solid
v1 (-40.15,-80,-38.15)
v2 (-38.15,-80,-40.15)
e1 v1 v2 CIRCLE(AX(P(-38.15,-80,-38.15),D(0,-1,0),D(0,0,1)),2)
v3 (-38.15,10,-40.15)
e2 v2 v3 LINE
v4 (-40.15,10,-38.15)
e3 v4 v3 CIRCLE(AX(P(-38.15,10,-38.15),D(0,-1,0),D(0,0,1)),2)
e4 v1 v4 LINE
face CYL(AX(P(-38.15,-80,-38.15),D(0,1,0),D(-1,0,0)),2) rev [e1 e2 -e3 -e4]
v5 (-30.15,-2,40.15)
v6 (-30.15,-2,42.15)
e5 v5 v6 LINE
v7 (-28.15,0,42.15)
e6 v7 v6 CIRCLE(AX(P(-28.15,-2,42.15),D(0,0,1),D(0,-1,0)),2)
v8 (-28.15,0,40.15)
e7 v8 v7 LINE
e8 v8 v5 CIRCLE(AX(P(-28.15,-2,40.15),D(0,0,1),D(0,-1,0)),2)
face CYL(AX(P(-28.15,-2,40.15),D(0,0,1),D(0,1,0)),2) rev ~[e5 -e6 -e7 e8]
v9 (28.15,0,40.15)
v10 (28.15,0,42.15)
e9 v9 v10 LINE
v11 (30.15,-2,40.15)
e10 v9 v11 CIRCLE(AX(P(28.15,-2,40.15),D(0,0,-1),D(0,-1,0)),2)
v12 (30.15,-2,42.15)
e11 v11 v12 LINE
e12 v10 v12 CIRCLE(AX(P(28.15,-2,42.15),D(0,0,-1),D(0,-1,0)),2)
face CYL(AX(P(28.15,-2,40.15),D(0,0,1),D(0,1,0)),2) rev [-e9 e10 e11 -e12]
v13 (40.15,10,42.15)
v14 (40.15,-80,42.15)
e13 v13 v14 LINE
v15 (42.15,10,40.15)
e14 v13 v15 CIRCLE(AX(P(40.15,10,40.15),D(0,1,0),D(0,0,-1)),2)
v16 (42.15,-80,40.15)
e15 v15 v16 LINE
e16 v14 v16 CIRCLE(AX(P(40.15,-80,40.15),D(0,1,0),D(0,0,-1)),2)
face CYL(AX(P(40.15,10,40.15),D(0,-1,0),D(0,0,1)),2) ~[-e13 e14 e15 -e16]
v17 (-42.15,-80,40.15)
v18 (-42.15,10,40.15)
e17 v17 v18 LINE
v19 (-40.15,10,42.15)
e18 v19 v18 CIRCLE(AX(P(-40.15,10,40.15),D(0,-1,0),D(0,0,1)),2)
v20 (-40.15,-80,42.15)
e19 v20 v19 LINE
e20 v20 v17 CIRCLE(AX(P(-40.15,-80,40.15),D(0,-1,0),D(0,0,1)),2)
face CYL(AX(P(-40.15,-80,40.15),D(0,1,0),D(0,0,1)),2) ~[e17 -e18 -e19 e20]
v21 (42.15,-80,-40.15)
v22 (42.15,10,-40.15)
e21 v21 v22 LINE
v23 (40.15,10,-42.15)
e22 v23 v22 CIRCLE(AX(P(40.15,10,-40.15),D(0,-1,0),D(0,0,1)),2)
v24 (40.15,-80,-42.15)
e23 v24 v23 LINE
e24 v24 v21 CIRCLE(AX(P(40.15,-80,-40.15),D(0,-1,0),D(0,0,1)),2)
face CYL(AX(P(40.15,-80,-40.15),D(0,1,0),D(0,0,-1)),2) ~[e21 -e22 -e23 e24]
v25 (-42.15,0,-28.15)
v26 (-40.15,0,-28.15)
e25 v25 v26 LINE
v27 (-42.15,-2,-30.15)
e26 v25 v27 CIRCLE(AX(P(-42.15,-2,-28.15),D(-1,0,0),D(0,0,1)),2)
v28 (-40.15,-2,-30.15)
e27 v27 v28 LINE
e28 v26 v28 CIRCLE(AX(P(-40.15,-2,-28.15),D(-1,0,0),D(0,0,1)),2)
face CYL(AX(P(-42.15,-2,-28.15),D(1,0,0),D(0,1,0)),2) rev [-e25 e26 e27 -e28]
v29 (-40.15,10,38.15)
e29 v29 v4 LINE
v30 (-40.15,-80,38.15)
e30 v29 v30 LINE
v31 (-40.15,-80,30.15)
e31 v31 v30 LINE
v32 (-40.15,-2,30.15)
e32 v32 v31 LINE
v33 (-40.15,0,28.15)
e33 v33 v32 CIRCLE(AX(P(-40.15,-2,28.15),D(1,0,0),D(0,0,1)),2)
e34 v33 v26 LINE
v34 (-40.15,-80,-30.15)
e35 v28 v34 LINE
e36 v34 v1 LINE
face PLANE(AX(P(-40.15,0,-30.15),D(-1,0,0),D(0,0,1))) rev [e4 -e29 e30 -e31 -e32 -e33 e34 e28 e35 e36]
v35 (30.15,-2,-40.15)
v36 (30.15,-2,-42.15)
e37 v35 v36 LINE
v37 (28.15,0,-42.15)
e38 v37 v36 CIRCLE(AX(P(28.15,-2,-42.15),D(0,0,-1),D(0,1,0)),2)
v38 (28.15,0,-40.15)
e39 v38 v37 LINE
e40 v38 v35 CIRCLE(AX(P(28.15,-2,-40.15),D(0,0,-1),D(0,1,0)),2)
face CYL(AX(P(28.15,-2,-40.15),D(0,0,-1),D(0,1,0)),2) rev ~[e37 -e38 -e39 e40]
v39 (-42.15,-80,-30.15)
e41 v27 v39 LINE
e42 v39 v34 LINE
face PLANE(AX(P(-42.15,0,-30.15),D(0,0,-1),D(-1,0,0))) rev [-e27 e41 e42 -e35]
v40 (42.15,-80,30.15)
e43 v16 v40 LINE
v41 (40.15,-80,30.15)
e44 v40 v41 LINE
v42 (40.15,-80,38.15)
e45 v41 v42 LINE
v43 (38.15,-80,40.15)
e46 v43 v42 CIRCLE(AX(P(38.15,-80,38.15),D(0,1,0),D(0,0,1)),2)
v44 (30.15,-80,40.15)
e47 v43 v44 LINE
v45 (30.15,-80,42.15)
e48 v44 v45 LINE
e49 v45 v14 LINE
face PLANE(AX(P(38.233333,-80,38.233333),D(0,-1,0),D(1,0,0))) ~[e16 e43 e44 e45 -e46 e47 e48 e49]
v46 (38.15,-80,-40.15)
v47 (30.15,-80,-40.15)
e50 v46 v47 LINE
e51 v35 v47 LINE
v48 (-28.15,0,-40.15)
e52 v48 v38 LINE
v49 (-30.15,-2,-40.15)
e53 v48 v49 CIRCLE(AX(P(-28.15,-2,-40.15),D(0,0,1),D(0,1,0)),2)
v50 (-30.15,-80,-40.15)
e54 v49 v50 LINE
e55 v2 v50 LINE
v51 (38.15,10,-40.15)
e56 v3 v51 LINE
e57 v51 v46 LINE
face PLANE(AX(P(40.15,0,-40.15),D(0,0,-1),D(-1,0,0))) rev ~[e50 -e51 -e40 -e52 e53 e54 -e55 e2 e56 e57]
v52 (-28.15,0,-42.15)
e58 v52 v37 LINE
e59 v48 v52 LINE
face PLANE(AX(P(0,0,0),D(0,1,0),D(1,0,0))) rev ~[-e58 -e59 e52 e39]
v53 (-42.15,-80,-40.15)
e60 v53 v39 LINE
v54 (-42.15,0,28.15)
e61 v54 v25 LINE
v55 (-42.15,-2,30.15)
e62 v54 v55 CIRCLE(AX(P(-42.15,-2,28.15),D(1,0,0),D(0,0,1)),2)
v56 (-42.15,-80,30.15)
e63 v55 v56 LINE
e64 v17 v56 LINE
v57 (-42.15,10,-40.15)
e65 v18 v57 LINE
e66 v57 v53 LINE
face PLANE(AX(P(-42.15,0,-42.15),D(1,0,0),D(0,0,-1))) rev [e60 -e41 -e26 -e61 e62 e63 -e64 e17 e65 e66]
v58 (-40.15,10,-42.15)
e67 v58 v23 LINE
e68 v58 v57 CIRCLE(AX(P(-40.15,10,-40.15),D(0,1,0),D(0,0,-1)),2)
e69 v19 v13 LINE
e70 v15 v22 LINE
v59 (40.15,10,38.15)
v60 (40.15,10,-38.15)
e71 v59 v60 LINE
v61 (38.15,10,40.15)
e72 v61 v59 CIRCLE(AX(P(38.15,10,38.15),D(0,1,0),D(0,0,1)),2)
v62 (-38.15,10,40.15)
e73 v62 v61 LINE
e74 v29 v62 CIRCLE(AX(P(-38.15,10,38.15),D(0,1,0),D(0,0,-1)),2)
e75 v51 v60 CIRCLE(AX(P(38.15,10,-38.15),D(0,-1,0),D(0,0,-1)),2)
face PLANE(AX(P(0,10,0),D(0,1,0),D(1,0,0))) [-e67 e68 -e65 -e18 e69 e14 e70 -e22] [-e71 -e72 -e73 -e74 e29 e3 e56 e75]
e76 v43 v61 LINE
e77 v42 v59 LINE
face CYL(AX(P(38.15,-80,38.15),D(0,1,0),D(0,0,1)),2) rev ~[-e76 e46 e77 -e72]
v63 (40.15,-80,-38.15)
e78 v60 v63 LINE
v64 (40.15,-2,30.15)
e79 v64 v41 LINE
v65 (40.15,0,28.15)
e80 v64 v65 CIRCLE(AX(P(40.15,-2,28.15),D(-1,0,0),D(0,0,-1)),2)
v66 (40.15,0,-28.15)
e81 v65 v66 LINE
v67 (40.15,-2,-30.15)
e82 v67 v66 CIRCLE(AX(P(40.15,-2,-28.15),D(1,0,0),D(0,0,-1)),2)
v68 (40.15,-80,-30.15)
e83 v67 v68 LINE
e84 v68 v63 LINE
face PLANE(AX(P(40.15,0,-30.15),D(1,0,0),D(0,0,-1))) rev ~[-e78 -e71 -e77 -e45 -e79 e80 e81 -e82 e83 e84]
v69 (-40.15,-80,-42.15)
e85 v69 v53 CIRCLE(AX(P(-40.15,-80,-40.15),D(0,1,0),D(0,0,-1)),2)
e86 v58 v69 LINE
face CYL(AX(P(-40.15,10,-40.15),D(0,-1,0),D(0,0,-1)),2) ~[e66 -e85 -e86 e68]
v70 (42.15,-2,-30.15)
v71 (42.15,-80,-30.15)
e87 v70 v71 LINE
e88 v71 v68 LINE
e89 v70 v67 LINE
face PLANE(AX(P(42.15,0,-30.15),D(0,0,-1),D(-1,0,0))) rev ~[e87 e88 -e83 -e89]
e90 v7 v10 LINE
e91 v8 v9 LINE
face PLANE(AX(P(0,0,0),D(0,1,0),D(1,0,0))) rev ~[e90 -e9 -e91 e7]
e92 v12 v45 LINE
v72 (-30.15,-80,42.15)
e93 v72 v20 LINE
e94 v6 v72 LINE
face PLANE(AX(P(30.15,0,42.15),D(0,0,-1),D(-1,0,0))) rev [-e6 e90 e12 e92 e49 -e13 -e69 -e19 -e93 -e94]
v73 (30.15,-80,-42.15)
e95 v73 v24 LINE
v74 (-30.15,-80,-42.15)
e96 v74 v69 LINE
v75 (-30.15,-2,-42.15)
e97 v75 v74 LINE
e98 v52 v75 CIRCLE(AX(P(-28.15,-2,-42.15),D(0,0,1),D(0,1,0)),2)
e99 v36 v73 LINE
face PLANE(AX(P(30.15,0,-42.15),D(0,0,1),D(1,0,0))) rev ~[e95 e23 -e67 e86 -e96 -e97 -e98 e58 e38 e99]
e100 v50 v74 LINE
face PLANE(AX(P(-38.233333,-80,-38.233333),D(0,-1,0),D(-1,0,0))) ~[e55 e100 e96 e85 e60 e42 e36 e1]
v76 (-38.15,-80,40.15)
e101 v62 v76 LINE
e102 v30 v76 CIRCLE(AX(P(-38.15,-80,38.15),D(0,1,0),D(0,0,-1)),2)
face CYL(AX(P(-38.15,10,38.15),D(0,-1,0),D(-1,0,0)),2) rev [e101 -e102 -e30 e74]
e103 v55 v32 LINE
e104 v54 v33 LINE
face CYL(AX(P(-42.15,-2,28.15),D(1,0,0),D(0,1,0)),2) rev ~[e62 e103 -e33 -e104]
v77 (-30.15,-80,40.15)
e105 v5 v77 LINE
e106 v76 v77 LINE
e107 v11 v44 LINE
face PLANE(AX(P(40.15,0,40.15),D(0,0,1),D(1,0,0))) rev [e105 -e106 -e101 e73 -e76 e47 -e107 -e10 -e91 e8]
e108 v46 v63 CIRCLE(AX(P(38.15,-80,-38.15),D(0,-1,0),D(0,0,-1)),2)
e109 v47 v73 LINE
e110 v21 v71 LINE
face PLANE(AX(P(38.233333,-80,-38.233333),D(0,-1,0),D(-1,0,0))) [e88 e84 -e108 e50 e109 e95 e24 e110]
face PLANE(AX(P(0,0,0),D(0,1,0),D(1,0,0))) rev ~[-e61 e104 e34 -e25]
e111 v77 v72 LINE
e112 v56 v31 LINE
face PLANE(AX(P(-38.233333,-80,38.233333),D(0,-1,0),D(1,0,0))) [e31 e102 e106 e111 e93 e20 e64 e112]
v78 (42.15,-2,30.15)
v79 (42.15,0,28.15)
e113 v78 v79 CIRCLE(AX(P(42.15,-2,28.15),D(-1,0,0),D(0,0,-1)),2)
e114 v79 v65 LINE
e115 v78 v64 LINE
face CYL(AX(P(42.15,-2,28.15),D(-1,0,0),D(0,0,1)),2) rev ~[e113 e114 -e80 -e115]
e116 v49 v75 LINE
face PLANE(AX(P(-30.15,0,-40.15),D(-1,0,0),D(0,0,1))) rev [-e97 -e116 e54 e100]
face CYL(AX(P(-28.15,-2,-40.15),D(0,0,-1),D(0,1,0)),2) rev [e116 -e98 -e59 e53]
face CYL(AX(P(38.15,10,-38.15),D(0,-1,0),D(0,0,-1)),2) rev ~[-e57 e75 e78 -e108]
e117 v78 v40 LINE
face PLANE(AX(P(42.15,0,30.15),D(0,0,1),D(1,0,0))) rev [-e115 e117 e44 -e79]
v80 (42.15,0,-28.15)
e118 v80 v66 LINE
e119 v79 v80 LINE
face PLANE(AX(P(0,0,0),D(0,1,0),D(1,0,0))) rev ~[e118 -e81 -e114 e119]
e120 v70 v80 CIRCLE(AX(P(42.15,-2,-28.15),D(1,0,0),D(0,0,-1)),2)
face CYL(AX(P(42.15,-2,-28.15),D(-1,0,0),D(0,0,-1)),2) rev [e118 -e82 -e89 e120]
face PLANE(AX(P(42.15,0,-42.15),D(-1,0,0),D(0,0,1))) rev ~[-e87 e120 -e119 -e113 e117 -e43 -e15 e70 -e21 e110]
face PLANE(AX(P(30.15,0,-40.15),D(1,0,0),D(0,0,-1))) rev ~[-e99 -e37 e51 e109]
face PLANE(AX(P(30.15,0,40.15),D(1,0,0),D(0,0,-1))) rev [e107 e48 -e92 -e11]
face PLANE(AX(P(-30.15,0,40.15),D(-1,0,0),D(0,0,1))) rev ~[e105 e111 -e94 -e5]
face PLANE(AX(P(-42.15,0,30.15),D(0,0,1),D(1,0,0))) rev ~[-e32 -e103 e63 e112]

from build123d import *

# Parameters (mm, degrees)
SKETCH1_W            = 84.3
SKETCH1_H            = 84.3
SKETCH1_W_2          = 80.3
SKETCH1_H_2          = 80.3
BOSS_EXTRUDE1_DEPTH  = 10
BOSS_EXTRUDE2_DEPTH  = 80
MIRROR2_COPY_1_DEPTH = 80
FILLET1_R            = 2


with BuildPart() as part:
    # Sketch1 → Boss-Extrude1 (new body)
    with BuildSketch(Plane(origin=(0, 0, 0), x_dir=(1, 0, 0), z_dir=(0, 1, 0))):
        Rectangle(SKETCH1_W, SKETCH1_H)
        Rectangle(SKETCH1_W_2, SKETCH1_H_2, mode=Mode.SUBTRACT)
    extrude(amount=BOSS_EXTRUDE1_DEPTH)

    # Sketch2 → Boss-Extrude2 (add)
    with BuildSketch(Plane.XZ):
        Polygon((-42.15, 30.15), (-40.15, 30.15), (-40.15, 40.15), (-30.15, 40.15), (-30.15, 42.15), (-42.15, 42.15), align=None)
    boss_extrude2 = extrude(amount=BOSS_EXTRUDE2_DEPTH)

    # Mirror1: Boss-Extrude2 across plane
    add(boss_extrude2.mirror(Plane(origin=(0, 0, 0), x_dir=(0, 0, 1), z_dir=(1, 0, 0))))

    # Mirror2: Boss-Extrude2 across plane
    add(boss_extrude2.mirror(Plane.XY))

    # Mirror2 copy 1 sketch → Mirror2 copy 1 (add)
    with BuildSketch(Plane(origin=(0, 0, 0), x_dir=(-1, 0, 0), z_dir=(0, -1, 0))):
        Polygon((-42.15, 30.15), (-40.15, 30.15), (-40.15, 40.15), (-30.15, 40.15), (-30.15, 42.15), (-42.15, 42.15), align=None)
    extrude(amount=MIRROR2_COPY_1_DEPTH)

    # Fillet1
    fillet1_edges = [part.edges().sort_by_distance(p)[0] for p in [
        (40.15, -35, 40.15),
        (40.15, -35, -40.15),
        (-40.15, -35, -40.15),
        (-40.15, -35, 40.15),
        (-41.15, 0, 30.15),
        (-30.15, 0, 41.15),
        (30.15, 0, 41.15),
        (41.15, 0, 30.15),
        (-30.15, 0, -41.15),
        (-41.15, 0, -30.15),
        (-42.15, -35, -42.15),
        (42.15, -35, -42.15),
        (42.15, -35, 42.15),
        (-42.15, -35, 42.15),
        (41.15, 0, -30.15),
        (30.15, 0, -41.15),
    ]]
    fillet(fillet1_edges, radius=FILLET1_R)


solid = part.part
